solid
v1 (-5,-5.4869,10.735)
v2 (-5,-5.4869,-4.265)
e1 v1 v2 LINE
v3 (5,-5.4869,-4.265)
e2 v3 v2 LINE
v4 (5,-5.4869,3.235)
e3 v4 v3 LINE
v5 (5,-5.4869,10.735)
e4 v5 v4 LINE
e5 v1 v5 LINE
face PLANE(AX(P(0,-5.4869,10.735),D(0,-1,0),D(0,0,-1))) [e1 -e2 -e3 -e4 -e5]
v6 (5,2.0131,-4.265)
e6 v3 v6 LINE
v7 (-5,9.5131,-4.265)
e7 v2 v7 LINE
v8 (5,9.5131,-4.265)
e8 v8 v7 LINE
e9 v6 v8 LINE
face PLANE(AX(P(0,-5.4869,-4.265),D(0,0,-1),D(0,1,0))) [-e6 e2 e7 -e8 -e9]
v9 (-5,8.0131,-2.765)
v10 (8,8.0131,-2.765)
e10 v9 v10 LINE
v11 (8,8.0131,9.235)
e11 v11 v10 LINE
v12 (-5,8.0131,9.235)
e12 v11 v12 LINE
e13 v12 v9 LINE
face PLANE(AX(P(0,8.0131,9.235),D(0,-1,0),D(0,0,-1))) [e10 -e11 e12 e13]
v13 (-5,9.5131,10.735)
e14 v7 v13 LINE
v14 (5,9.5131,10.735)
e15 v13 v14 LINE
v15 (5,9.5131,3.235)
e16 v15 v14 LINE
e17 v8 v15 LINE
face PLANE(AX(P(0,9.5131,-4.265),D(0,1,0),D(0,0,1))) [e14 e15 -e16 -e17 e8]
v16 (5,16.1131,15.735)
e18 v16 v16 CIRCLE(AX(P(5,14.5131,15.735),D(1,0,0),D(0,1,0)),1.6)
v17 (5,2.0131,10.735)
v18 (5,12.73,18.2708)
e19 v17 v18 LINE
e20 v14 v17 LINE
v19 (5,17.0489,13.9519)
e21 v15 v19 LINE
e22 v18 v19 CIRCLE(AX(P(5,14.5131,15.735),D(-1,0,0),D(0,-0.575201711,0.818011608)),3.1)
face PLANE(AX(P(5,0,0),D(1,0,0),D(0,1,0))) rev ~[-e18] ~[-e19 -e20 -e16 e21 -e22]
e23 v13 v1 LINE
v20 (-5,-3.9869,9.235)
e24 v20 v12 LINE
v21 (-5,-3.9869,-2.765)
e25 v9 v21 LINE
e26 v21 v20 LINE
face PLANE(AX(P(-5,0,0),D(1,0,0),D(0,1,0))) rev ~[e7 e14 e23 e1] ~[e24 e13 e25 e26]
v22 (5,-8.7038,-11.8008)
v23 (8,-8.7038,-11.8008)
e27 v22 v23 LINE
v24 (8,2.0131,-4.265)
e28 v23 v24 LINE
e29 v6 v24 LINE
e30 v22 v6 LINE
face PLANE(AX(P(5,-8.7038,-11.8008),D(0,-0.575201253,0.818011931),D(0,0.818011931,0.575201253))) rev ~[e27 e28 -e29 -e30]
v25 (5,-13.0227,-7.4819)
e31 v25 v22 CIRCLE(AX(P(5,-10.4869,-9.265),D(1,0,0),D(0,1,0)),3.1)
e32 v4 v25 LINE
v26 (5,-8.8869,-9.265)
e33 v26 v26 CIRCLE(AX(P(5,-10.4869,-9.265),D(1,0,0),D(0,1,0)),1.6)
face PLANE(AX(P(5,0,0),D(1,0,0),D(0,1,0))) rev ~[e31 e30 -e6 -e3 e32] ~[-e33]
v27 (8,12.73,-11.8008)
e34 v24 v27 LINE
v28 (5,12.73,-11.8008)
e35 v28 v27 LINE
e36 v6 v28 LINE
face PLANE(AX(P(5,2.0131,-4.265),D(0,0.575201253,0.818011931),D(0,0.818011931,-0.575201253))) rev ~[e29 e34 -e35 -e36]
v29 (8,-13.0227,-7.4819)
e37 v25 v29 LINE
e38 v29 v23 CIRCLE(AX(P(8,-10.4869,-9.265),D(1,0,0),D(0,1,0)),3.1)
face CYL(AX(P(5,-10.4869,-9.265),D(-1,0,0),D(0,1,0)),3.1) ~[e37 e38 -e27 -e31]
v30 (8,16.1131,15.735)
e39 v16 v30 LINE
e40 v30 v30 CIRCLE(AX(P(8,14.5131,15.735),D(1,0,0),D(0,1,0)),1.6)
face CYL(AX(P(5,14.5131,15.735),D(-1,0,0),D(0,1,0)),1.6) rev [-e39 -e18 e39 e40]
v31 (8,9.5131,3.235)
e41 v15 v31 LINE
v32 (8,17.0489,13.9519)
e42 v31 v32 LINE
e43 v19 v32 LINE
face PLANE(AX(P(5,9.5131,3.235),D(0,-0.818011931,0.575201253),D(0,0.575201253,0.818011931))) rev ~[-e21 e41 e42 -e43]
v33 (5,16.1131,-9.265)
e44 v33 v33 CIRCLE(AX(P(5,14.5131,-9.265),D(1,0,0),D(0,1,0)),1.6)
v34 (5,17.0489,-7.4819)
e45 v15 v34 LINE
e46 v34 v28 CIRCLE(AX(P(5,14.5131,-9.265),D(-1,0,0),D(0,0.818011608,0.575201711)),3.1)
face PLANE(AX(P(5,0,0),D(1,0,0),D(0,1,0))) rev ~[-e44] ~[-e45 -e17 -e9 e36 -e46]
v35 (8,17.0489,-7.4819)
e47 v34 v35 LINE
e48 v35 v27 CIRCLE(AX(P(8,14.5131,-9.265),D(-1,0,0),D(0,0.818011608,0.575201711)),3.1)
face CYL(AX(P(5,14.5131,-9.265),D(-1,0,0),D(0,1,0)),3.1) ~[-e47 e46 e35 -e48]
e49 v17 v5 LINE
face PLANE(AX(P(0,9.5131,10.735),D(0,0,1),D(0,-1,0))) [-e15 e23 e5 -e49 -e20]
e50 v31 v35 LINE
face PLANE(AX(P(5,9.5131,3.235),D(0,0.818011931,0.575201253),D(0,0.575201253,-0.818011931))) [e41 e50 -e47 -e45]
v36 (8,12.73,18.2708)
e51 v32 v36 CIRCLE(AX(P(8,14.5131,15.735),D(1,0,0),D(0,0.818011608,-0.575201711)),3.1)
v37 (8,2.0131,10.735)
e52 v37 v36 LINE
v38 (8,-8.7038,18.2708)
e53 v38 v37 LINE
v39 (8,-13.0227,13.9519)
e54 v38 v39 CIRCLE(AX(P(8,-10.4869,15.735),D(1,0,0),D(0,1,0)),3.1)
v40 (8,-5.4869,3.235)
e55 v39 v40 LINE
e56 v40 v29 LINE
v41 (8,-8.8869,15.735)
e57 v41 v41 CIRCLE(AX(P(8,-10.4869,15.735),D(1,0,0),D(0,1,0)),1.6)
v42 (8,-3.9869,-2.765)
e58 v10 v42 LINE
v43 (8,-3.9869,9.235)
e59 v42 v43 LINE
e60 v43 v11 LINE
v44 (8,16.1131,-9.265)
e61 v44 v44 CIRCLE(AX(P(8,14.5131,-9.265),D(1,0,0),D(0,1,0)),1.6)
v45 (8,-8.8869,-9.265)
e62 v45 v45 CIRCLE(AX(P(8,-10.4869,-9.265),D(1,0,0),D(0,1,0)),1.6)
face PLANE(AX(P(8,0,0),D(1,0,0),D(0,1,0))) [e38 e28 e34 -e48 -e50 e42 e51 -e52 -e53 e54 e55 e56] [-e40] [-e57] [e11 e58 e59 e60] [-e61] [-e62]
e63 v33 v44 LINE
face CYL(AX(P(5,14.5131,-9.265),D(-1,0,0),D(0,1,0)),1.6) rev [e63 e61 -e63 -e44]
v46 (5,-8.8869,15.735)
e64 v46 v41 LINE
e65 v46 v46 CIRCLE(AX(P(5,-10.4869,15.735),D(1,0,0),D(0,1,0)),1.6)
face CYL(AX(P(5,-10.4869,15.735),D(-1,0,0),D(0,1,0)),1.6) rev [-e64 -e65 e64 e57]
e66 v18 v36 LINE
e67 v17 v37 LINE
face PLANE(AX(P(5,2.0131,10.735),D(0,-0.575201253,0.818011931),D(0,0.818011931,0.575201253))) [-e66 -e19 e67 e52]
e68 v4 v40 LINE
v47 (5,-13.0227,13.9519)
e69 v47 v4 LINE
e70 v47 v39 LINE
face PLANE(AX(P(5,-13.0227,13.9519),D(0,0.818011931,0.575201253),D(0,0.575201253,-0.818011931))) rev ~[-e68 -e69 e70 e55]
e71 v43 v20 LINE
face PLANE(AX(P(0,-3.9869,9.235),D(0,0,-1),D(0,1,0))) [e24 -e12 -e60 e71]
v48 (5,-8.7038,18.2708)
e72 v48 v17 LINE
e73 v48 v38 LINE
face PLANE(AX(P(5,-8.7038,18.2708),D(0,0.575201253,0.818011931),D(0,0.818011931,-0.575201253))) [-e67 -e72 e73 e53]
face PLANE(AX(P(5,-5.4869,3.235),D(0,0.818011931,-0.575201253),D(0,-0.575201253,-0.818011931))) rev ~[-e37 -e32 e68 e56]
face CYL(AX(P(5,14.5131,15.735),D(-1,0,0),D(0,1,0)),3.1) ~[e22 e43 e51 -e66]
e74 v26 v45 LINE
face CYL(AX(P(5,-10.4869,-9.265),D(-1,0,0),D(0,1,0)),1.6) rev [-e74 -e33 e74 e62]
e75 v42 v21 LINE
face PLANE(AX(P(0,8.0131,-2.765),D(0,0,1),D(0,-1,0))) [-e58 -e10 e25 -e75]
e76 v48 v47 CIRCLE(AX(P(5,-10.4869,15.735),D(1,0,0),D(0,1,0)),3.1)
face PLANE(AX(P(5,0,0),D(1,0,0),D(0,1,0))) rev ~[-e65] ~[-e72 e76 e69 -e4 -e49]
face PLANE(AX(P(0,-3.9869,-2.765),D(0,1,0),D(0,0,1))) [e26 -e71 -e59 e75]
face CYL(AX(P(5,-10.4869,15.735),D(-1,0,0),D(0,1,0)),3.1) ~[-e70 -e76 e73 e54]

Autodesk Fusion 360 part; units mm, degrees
sketch "Sketch1" plane through (0, 0, 0) normal (1, 0, 0) x (0, 1, 0)
  line L0 (9.5131, 10.735) -> (-5.4869, 10.735)
  line L1 (-5.4869, 10.735) -> (-5.4869, -4.265)
  line L2 (-5.4869, -4.265) -> (9.5131, -4.265)
  line L3 (9.5131, -4.265) -> (9.5131, 10.735)
  line L4 (9.5131, 10.735) -> (-5.4869, -4.265) construction
  line L5 (-5.4869, 10.735) -> (9.5131, -4.265) construction
  line L6 (8.0131, -2.765) -> (-3.9869, -2.765)
  line L7 (-3.9869, -2.765) -> (-3.9869, 9.235)
  line L8 (-3.9869, 9.235) -> (8.0131, 9.235)
  line L9 (8.0131, 9.235) -> (8.0131, -2.765)
  line L10 (8.0131, -2.765) -> (-3.9869, 9.235) construction
  line L11 (-3.9869, -2.765) -> (8.0131, 9.235) construction
  point P0 (2.0131, 3.235)
  point P1 (2.0131, 3.235)
  dimension "d3" = 15
  dimension "d4" = 15
  dimension "d5" = 12
  dimension "d6" = 12
extrude "Extrude1" add sketch "Sketch1" along normal blind 5
sketch "Sketch2" plane through (5, 0, 0) normal (1, 0, 0) x (0, 1, 0)
  line L0 (-3.9869, 9.235) -> (8.0131, 9.235)
  line L1 (8.0131, 9.235) -> (8.0131, -2.765)
  line L2 (8.0131, -2.765) -> (-3.9869, -2.765)
  line L3 (-3.9869, -2.765) -> (-3.9869, 9.235)
  line L4 (9.5131, -4.265) -> (9.5131, 10.735)
  line L5 (9.5131, 10.735) -> (-5.4869, 10.735)
  line L6 (-5.4869, 10.735) -> (-5.4869, -4.265)
  line L7 (-5.4869, -4.265) -> (9.5131, -4.265)
  line L8 (17.0131, 18.235) -> (-12.9869, -11.765) construction
  line L9 (-12.9869, 18.235) -> (17.0131, -11.765) construction
  circle A0 centre (14.5131, 15.735) radius 1.6
  circle A1 centre (-10.4869, 15.735) radius 1.6
  circle A2 centre (-10.4869, -9.265) radius 1.6
  circle A3 centre (14.5131, -9.265) radius 1.6
  circle A4 centre (-10.4869, 15.735) radius 3.1
  circle A5 centre (14.5131, 15.735) radius 3.1
  circle A6 centre (-10.4869, -9.265) radius 3.1
  line L10 (9.5131, 10.735) -> (-5.4869, 10.735)
  line L11 (-5.4869, 10.735) -> (-5.4869, -4.265)
  line L12 (-5.4869, -4.265) -> (9.5131, -4.265)
  line L13 (9.5131, -4.265) -> (9.5131, 10.735)
  line L14 (9.5131, 10.735) -> (-5.4869, -4.265) construction
  line L15 (-5.4869, 10.735) -> (9.5131, -4.265) construction
  line L16 (-8.7038, 18.2708) -> (2.0131, 10.735)
  line L17 (2.0131, 10.735) -> (12.73, 18.2708)
  line L18 (-13.0227, 13.9519) -> (-5.4869, 3.235)
  line L19 (-5.4869, 3.235) -> (-13.0227, -7.4819)
  line L20 (-8.7038, -11.8008) -> (2.0131, -4.265)
  line L21 (9.5131, 3.235) -> (17.0489, 13.9519)
  circle A7 centre (14.5131, -9.265) radius 3.1
  line L22 (9.5131, 3.235) -> (17.0489, -7.4819)
  line L23 (2.0131, -4.265) -> (12.73, -11.8008)
  point P0 (2.0131, 3.235)
  point P1 (2.0131, 3.235)
  point P2 (2.0131, 3.235)
  dimension "d11" = 3.2
  dimension "d12" = 12.5
  dimension "d13" = 3.2
  dimension "d14" = 3.2
  dimension "d15" = 3.2
  dimension "d17" = 25
  dimension "d18" = 12.5
  dimension "d19" = 25
  dimension "d20" = 6.2
  dimension "d21" = 6.2
  dimension "d22" = 6.2
  dimension "d23" = 6.2
extrude "Extrude2" add sketch "Sketch2" along normal blind 3
extrude "Extrude4" add sketch "Sketch1" against normal blind 5
extrude "Extrude3" [suppressed]
equation "d11 = motorScrewHole"
equation "d13 = motorScrewHole"
equation "d14 = motorScrewHole"
equation "d15 = motorScrewHole"
equation "motorScrewHole = 3.2 mm" comment "poo"
equation "d20 = motorScrewHole + 3 mm"
equation "d21 = motorScrewHole + 3 mm"
equation "d22 = motorScrewHole + 3 mm"
equation "d23 = motorScrewHole + 3 mm"
